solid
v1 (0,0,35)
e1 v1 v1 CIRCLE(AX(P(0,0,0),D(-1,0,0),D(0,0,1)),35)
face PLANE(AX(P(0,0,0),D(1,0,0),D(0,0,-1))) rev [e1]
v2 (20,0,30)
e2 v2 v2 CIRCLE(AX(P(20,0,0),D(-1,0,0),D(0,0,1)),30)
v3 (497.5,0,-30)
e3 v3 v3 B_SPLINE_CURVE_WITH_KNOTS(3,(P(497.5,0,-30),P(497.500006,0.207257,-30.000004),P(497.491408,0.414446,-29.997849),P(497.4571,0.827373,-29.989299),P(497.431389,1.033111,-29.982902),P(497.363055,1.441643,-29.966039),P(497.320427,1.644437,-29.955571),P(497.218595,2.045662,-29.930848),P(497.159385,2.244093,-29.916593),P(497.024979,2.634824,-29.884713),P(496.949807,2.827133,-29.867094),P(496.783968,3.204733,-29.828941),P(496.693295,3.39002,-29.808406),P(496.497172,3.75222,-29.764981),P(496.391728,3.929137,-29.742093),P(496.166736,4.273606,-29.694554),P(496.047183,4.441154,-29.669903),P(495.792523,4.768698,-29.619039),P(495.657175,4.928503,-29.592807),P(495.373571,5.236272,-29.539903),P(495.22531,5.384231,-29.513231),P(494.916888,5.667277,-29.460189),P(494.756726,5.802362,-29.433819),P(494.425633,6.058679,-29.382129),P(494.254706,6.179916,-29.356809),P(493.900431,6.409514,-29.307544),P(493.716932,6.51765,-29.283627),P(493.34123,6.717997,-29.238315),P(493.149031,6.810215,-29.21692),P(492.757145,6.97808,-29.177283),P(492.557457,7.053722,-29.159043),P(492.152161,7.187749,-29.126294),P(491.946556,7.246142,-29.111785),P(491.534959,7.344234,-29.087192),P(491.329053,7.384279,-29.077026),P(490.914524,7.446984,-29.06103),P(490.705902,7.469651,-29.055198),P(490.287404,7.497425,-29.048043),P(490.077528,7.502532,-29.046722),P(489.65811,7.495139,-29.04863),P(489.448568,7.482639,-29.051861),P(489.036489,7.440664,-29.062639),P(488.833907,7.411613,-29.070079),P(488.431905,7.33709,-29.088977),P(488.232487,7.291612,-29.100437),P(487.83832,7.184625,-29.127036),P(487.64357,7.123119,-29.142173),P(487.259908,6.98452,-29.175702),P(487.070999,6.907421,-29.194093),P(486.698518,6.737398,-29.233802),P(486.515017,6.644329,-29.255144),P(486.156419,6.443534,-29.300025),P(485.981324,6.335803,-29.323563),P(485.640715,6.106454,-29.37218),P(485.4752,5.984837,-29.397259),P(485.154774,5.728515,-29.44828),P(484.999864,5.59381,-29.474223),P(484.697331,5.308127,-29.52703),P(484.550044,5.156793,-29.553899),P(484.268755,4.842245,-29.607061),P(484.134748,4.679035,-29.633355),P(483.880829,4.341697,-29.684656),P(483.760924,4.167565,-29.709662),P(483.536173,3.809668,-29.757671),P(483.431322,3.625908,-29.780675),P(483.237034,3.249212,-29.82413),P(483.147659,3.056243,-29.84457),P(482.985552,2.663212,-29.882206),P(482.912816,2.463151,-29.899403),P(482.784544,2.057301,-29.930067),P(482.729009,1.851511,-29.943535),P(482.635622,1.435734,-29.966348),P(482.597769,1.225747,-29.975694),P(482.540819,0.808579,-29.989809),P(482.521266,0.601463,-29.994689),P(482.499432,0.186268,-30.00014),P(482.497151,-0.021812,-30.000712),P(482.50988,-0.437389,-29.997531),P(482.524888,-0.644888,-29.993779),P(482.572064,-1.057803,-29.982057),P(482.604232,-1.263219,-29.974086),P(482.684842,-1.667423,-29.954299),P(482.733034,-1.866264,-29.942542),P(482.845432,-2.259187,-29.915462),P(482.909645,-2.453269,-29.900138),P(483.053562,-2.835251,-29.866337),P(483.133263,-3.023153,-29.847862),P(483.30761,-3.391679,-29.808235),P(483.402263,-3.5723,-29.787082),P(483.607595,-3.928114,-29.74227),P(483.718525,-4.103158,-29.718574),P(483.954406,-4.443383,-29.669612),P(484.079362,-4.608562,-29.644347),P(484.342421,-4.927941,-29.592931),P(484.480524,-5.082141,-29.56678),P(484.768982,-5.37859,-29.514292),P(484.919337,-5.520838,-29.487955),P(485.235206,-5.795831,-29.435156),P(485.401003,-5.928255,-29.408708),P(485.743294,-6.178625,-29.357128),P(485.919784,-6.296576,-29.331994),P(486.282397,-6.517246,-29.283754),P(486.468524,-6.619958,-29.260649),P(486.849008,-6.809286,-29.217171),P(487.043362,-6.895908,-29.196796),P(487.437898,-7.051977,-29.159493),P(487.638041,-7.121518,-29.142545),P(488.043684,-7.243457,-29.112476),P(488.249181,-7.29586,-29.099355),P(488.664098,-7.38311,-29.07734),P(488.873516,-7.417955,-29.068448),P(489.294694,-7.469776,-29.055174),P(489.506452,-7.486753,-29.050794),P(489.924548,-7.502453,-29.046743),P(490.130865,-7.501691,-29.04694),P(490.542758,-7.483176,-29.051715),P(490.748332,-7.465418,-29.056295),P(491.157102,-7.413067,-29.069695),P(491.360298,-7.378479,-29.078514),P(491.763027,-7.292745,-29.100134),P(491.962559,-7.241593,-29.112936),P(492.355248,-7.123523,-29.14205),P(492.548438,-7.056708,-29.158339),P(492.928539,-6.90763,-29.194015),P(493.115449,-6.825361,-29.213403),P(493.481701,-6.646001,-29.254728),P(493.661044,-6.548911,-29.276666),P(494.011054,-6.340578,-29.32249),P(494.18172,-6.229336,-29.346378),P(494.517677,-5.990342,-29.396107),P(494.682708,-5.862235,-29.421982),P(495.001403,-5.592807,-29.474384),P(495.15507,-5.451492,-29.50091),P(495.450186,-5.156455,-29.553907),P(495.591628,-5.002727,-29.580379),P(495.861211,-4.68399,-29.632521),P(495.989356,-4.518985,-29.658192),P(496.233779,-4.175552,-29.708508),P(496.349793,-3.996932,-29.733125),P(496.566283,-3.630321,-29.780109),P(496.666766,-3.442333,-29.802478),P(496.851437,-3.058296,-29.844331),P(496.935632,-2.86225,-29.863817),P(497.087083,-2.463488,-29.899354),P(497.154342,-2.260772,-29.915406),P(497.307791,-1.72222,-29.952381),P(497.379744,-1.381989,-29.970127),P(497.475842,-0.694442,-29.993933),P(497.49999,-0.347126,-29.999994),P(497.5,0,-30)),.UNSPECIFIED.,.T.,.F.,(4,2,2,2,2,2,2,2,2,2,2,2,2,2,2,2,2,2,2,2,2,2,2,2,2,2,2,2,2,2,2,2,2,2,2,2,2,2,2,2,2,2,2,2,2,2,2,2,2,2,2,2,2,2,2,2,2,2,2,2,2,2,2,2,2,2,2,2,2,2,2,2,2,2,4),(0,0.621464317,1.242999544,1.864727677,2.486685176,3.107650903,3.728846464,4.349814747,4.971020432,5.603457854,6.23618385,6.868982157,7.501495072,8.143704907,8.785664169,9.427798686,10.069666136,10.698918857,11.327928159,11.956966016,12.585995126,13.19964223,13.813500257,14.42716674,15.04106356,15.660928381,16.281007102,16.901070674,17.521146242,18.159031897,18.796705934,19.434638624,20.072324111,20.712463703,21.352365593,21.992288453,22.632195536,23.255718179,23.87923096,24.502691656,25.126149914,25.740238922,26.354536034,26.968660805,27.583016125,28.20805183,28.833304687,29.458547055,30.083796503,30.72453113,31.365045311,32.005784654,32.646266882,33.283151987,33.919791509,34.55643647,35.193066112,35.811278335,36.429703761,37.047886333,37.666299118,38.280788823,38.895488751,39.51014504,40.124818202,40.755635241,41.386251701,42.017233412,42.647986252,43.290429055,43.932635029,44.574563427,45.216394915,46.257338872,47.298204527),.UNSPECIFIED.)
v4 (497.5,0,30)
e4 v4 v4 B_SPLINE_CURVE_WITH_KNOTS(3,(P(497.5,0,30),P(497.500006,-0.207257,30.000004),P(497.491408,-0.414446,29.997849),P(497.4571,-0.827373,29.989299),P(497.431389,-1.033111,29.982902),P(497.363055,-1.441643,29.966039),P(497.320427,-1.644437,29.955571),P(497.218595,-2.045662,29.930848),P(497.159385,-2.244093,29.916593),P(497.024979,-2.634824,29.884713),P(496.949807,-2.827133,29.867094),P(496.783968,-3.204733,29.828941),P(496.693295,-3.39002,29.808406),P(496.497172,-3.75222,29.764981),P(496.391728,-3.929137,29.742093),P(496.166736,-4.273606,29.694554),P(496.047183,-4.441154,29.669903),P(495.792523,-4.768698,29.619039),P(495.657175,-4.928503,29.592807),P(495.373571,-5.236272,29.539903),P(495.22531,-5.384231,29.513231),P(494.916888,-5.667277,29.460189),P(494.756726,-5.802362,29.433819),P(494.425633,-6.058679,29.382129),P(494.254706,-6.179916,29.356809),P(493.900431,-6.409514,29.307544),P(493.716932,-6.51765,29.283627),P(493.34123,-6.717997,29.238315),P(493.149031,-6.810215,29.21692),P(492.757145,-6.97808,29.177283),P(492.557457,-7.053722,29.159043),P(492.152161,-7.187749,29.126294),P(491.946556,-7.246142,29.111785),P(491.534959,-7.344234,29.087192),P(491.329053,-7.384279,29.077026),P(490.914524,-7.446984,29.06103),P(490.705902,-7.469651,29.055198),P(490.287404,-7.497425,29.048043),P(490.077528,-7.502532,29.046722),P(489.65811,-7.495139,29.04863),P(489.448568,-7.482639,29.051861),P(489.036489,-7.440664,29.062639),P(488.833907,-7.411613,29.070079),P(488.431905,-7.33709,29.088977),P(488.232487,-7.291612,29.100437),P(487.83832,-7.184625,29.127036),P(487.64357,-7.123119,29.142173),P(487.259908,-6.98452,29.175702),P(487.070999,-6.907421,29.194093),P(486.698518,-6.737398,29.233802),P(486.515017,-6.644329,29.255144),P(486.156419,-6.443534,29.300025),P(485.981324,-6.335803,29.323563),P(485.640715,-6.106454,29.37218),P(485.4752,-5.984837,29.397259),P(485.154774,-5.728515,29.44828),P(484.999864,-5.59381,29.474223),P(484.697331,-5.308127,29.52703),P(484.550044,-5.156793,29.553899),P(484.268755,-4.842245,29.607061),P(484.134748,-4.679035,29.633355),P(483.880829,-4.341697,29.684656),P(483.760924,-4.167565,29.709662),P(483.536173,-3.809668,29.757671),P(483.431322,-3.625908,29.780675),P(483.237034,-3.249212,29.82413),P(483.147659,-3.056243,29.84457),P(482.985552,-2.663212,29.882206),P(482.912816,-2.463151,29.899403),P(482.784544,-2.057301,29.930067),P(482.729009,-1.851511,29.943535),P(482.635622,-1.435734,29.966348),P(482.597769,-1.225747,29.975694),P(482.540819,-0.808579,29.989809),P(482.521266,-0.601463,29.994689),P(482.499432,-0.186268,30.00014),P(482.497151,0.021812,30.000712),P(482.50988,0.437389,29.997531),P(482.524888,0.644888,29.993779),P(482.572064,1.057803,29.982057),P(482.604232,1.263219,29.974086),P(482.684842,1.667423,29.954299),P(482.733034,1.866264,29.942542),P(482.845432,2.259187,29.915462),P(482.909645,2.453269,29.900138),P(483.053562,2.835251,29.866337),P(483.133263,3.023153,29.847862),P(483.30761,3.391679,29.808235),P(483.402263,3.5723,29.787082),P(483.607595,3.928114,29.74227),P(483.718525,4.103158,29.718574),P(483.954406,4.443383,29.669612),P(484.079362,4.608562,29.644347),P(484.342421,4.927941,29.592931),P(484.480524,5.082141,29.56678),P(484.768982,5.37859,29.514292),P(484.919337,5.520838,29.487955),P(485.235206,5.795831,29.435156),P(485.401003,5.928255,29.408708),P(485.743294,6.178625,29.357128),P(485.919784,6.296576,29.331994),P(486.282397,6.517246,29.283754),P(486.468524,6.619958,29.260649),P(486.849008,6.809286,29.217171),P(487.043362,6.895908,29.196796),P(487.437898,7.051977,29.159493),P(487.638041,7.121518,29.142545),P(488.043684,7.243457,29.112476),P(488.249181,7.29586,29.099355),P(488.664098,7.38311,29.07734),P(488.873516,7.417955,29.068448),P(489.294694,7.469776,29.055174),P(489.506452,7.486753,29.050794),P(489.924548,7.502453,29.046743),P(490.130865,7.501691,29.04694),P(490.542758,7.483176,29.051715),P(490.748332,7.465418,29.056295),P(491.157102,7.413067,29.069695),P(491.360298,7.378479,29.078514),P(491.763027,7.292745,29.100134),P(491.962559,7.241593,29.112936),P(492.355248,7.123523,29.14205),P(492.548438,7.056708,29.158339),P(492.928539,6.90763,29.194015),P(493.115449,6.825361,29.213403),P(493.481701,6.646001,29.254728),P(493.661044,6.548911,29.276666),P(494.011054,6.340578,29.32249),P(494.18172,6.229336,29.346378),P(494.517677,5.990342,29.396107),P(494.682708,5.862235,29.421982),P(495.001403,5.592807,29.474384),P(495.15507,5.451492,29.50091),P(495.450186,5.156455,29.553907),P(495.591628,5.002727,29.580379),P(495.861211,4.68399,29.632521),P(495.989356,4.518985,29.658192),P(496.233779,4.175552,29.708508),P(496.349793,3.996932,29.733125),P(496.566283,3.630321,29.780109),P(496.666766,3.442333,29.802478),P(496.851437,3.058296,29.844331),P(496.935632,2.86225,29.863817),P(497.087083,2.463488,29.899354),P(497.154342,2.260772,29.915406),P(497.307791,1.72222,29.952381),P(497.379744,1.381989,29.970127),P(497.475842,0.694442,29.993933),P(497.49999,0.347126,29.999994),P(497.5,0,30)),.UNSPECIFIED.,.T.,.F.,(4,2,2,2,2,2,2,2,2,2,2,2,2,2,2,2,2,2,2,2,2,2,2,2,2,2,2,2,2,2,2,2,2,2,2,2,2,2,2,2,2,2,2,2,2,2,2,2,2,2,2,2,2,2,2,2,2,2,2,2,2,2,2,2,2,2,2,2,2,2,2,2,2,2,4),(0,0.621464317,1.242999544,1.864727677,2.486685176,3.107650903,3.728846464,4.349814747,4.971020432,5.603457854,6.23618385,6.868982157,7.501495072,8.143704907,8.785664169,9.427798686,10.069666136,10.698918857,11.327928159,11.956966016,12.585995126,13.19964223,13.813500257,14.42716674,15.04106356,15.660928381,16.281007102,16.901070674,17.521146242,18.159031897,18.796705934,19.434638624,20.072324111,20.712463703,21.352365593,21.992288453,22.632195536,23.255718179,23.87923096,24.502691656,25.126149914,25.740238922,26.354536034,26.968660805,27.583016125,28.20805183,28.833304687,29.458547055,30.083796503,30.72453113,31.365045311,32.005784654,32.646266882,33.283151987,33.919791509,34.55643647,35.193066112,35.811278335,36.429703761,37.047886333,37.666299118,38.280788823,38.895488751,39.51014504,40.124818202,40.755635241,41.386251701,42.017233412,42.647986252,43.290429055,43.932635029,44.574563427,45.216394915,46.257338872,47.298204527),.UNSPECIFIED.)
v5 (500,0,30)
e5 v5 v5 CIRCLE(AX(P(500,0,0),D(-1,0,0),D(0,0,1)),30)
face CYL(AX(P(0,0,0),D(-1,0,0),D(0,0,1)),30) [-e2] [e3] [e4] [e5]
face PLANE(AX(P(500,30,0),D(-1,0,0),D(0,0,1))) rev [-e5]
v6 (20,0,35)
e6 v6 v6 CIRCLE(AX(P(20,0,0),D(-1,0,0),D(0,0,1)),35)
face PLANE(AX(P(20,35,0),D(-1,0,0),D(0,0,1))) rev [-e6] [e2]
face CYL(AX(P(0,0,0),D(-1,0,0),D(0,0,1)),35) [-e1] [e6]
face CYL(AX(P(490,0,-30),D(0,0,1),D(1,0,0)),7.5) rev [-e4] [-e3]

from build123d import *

# Parameters (mm, degrees)
IZIM2_R               = 7.5
KES_EKSTR_ZYON1_DEPTH = 30


with BuildPart() as part:
    # Çizim1 → Döndür1 (revolve)
    with BuildSketch(Plane.XY, mode=Mode.PRIVATE) as d_nd_r1_sk:
        Polygon((0, 0), (0, 35), (20, 35), (20, 30), (500, 30), (500, 0), align=None)
    revolve(d_nd_r1_sk.sketch.rotate(Axis((0, 0, 0), (1, 0, 0)), 90), axis=Axis((0, 0, 0), (1, 0, 0)))

    # Çizim2 → Kes-Ekstrüzyon1 (cut, symmetric)
    with BuildSketch(Plane.XY):
        with Locations((490, 0)):
            Circle(IZIM2_R)
    extrude(amount=KES_EKSTR_ZYON1_DEPTH, both=True, mode=Mode.SUBTRACT)


solid = part.part
